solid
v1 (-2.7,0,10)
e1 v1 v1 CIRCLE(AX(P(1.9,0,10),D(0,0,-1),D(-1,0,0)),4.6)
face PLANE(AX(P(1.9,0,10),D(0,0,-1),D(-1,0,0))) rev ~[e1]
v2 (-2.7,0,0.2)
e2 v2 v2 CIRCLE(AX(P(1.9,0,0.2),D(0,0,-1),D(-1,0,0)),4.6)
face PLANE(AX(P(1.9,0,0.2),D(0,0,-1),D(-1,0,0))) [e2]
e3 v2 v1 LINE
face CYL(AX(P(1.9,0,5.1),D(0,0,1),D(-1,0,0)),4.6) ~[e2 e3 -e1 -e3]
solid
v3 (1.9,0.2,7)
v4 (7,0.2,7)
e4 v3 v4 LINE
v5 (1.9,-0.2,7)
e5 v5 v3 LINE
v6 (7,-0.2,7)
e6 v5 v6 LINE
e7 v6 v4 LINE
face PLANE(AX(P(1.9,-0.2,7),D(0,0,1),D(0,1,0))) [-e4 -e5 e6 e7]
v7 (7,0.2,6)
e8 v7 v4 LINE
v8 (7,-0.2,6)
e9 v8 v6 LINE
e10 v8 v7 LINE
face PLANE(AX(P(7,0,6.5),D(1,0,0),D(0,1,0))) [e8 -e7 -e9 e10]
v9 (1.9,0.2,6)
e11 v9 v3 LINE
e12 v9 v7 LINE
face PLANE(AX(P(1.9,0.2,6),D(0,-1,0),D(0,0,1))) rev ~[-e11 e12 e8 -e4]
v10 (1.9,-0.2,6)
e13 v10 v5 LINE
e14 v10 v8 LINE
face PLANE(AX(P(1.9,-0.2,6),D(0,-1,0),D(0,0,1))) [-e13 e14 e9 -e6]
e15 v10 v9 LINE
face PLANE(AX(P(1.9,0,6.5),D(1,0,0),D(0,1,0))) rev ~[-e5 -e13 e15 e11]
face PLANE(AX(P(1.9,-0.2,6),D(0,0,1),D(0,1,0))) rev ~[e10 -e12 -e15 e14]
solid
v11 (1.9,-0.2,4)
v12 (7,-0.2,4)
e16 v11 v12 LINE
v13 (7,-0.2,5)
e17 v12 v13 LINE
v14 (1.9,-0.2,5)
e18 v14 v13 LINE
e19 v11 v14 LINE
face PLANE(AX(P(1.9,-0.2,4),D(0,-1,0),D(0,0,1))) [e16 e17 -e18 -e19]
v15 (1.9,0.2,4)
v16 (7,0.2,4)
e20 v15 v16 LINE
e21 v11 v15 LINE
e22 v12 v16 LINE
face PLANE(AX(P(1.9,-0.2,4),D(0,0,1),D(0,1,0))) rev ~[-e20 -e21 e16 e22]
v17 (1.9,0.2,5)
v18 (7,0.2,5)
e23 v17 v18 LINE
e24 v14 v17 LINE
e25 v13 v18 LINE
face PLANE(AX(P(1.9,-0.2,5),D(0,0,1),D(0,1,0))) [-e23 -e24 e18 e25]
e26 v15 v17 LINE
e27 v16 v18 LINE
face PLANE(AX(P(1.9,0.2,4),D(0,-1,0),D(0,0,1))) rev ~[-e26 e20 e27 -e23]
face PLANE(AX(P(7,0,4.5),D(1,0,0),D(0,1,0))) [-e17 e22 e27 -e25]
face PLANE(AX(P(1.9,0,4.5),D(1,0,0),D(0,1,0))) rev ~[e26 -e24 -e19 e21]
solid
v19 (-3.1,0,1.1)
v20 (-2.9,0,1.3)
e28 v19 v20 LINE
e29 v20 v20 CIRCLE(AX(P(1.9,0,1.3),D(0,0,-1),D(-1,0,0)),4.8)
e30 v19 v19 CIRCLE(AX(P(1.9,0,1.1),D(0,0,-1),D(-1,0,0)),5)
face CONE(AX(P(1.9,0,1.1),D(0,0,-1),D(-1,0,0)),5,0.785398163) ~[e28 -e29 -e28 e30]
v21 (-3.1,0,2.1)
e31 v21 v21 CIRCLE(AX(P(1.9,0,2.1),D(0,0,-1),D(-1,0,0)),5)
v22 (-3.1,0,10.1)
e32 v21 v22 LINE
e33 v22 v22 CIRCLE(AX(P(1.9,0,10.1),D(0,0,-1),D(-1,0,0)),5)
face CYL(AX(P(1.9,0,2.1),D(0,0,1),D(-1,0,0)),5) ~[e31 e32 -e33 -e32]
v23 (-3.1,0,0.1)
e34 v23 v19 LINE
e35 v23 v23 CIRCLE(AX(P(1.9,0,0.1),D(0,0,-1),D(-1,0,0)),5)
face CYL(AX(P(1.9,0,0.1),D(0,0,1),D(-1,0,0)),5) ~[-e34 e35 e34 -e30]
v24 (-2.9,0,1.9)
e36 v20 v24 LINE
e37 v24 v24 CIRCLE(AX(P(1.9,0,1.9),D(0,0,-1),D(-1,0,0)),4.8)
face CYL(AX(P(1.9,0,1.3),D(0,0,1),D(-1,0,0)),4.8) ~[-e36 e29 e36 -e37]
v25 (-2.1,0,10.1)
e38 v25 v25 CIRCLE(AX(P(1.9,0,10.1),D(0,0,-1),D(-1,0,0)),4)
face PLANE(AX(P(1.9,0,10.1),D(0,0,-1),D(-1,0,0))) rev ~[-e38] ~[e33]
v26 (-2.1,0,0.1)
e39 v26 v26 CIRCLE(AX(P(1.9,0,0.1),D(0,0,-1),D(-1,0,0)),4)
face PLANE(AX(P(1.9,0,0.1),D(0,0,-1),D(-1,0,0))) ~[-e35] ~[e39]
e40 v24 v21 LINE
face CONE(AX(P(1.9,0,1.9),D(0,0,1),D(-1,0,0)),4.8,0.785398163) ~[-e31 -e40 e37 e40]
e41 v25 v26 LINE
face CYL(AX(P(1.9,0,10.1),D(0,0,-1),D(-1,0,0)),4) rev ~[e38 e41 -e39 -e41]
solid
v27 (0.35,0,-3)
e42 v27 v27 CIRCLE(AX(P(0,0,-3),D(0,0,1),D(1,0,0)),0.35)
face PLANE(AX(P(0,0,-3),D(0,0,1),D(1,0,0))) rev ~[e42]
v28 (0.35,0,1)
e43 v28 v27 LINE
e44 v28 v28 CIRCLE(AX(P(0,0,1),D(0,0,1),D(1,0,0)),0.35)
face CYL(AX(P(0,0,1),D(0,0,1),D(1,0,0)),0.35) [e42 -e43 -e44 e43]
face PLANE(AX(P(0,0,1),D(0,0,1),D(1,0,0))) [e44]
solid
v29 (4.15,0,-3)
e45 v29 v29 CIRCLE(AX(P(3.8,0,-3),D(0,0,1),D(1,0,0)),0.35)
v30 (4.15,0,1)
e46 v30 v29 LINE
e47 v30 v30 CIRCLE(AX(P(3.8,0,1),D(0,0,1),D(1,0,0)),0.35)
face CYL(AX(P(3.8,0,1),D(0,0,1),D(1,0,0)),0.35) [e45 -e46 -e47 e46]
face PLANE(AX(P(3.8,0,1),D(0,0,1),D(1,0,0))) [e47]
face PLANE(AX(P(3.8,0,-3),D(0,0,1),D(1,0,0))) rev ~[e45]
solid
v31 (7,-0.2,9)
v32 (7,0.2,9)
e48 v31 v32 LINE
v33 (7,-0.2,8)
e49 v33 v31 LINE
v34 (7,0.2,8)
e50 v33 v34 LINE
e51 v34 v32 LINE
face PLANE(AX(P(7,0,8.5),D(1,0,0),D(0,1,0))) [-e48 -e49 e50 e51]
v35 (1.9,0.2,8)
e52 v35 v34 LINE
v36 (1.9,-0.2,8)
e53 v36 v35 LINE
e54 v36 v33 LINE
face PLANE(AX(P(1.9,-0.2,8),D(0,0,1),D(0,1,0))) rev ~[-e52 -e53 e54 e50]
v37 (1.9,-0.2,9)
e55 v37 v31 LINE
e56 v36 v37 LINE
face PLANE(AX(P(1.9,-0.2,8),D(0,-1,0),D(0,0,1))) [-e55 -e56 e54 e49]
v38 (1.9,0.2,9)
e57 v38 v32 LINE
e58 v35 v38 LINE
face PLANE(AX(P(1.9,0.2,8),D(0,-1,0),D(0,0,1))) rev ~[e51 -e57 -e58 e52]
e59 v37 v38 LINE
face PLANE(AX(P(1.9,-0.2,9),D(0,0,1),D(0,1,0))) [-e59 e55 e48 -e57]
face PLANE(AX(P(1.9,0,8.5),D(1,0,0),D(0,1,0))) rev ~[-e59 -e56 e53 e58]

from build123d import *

# Parameters (mm, degrees)
SKETCH002_W  = 4.6
SKETCH002_H  = 9.8
SKETCH003_R  = 0.35
PAD_DEPTH    = 4
SKETCH004_W  = 0.4
SKETCH004_H  = 1
PAD001_DEPTH = 5.1


with BuildPart() as revolution:
    # Sketch → Revolution (revolve)
    with BuildSketch(Plane.XZ):
        Polygon((-3.1, 0.1), (-3.1, 1.1), (-2.9, 1.3), (-2.9, 1.9), (-3.1, 2.1), (-3.1, 10.1), (-2.1, 10.1), (-2.1, 0.1), align=None)
    revolve(axis=Axis((1.9, 0, 7.548619), (0, 0, -1)))


with BuildPart() as revolution001:
    # Sketch002 → Revolution001 (revolve)
    with BuildSketch(Plane.XZ):
        with Locations((-0.4, 5.1)):
            Rectangle(SKETCH002_W, SKETCH002_H)
    revolve(axis=Axis((1.9, 0, 4.680116), (0, 0, -1)))


with BuildPart() as pad:
    # Sketch003 → Pad (new body)
    with BuildSketch(Plane.XY.offset(1)):
        Circle(SKETCH003_R)
        with Locations((3.8, 0)):
            Circle(SKETCH003_R)
    extrude(amount=-PAD_DEPTH)


with BuildPart() as pad001:
    # Sketch004 → Pad001 (new body)
    with BuildSketch(Plane.YZ.offset(1.9)):
        with Locations((0, 4.5)):
            Rectangle(SKETCH004_W, SKETCH004_H)
        with Locations((0, 6.5)):
            Rectangle(SKETCH004_W, SKETCH004_H)
        with Locations((0, 8.5)):
            Rectangle(SKETCH004_W, SKETCH004_H)
    extrude(amount=PAD001_DEPTH)


solid = Compound([revolution.part, revolution001.part, pad.part, pad001.part])
